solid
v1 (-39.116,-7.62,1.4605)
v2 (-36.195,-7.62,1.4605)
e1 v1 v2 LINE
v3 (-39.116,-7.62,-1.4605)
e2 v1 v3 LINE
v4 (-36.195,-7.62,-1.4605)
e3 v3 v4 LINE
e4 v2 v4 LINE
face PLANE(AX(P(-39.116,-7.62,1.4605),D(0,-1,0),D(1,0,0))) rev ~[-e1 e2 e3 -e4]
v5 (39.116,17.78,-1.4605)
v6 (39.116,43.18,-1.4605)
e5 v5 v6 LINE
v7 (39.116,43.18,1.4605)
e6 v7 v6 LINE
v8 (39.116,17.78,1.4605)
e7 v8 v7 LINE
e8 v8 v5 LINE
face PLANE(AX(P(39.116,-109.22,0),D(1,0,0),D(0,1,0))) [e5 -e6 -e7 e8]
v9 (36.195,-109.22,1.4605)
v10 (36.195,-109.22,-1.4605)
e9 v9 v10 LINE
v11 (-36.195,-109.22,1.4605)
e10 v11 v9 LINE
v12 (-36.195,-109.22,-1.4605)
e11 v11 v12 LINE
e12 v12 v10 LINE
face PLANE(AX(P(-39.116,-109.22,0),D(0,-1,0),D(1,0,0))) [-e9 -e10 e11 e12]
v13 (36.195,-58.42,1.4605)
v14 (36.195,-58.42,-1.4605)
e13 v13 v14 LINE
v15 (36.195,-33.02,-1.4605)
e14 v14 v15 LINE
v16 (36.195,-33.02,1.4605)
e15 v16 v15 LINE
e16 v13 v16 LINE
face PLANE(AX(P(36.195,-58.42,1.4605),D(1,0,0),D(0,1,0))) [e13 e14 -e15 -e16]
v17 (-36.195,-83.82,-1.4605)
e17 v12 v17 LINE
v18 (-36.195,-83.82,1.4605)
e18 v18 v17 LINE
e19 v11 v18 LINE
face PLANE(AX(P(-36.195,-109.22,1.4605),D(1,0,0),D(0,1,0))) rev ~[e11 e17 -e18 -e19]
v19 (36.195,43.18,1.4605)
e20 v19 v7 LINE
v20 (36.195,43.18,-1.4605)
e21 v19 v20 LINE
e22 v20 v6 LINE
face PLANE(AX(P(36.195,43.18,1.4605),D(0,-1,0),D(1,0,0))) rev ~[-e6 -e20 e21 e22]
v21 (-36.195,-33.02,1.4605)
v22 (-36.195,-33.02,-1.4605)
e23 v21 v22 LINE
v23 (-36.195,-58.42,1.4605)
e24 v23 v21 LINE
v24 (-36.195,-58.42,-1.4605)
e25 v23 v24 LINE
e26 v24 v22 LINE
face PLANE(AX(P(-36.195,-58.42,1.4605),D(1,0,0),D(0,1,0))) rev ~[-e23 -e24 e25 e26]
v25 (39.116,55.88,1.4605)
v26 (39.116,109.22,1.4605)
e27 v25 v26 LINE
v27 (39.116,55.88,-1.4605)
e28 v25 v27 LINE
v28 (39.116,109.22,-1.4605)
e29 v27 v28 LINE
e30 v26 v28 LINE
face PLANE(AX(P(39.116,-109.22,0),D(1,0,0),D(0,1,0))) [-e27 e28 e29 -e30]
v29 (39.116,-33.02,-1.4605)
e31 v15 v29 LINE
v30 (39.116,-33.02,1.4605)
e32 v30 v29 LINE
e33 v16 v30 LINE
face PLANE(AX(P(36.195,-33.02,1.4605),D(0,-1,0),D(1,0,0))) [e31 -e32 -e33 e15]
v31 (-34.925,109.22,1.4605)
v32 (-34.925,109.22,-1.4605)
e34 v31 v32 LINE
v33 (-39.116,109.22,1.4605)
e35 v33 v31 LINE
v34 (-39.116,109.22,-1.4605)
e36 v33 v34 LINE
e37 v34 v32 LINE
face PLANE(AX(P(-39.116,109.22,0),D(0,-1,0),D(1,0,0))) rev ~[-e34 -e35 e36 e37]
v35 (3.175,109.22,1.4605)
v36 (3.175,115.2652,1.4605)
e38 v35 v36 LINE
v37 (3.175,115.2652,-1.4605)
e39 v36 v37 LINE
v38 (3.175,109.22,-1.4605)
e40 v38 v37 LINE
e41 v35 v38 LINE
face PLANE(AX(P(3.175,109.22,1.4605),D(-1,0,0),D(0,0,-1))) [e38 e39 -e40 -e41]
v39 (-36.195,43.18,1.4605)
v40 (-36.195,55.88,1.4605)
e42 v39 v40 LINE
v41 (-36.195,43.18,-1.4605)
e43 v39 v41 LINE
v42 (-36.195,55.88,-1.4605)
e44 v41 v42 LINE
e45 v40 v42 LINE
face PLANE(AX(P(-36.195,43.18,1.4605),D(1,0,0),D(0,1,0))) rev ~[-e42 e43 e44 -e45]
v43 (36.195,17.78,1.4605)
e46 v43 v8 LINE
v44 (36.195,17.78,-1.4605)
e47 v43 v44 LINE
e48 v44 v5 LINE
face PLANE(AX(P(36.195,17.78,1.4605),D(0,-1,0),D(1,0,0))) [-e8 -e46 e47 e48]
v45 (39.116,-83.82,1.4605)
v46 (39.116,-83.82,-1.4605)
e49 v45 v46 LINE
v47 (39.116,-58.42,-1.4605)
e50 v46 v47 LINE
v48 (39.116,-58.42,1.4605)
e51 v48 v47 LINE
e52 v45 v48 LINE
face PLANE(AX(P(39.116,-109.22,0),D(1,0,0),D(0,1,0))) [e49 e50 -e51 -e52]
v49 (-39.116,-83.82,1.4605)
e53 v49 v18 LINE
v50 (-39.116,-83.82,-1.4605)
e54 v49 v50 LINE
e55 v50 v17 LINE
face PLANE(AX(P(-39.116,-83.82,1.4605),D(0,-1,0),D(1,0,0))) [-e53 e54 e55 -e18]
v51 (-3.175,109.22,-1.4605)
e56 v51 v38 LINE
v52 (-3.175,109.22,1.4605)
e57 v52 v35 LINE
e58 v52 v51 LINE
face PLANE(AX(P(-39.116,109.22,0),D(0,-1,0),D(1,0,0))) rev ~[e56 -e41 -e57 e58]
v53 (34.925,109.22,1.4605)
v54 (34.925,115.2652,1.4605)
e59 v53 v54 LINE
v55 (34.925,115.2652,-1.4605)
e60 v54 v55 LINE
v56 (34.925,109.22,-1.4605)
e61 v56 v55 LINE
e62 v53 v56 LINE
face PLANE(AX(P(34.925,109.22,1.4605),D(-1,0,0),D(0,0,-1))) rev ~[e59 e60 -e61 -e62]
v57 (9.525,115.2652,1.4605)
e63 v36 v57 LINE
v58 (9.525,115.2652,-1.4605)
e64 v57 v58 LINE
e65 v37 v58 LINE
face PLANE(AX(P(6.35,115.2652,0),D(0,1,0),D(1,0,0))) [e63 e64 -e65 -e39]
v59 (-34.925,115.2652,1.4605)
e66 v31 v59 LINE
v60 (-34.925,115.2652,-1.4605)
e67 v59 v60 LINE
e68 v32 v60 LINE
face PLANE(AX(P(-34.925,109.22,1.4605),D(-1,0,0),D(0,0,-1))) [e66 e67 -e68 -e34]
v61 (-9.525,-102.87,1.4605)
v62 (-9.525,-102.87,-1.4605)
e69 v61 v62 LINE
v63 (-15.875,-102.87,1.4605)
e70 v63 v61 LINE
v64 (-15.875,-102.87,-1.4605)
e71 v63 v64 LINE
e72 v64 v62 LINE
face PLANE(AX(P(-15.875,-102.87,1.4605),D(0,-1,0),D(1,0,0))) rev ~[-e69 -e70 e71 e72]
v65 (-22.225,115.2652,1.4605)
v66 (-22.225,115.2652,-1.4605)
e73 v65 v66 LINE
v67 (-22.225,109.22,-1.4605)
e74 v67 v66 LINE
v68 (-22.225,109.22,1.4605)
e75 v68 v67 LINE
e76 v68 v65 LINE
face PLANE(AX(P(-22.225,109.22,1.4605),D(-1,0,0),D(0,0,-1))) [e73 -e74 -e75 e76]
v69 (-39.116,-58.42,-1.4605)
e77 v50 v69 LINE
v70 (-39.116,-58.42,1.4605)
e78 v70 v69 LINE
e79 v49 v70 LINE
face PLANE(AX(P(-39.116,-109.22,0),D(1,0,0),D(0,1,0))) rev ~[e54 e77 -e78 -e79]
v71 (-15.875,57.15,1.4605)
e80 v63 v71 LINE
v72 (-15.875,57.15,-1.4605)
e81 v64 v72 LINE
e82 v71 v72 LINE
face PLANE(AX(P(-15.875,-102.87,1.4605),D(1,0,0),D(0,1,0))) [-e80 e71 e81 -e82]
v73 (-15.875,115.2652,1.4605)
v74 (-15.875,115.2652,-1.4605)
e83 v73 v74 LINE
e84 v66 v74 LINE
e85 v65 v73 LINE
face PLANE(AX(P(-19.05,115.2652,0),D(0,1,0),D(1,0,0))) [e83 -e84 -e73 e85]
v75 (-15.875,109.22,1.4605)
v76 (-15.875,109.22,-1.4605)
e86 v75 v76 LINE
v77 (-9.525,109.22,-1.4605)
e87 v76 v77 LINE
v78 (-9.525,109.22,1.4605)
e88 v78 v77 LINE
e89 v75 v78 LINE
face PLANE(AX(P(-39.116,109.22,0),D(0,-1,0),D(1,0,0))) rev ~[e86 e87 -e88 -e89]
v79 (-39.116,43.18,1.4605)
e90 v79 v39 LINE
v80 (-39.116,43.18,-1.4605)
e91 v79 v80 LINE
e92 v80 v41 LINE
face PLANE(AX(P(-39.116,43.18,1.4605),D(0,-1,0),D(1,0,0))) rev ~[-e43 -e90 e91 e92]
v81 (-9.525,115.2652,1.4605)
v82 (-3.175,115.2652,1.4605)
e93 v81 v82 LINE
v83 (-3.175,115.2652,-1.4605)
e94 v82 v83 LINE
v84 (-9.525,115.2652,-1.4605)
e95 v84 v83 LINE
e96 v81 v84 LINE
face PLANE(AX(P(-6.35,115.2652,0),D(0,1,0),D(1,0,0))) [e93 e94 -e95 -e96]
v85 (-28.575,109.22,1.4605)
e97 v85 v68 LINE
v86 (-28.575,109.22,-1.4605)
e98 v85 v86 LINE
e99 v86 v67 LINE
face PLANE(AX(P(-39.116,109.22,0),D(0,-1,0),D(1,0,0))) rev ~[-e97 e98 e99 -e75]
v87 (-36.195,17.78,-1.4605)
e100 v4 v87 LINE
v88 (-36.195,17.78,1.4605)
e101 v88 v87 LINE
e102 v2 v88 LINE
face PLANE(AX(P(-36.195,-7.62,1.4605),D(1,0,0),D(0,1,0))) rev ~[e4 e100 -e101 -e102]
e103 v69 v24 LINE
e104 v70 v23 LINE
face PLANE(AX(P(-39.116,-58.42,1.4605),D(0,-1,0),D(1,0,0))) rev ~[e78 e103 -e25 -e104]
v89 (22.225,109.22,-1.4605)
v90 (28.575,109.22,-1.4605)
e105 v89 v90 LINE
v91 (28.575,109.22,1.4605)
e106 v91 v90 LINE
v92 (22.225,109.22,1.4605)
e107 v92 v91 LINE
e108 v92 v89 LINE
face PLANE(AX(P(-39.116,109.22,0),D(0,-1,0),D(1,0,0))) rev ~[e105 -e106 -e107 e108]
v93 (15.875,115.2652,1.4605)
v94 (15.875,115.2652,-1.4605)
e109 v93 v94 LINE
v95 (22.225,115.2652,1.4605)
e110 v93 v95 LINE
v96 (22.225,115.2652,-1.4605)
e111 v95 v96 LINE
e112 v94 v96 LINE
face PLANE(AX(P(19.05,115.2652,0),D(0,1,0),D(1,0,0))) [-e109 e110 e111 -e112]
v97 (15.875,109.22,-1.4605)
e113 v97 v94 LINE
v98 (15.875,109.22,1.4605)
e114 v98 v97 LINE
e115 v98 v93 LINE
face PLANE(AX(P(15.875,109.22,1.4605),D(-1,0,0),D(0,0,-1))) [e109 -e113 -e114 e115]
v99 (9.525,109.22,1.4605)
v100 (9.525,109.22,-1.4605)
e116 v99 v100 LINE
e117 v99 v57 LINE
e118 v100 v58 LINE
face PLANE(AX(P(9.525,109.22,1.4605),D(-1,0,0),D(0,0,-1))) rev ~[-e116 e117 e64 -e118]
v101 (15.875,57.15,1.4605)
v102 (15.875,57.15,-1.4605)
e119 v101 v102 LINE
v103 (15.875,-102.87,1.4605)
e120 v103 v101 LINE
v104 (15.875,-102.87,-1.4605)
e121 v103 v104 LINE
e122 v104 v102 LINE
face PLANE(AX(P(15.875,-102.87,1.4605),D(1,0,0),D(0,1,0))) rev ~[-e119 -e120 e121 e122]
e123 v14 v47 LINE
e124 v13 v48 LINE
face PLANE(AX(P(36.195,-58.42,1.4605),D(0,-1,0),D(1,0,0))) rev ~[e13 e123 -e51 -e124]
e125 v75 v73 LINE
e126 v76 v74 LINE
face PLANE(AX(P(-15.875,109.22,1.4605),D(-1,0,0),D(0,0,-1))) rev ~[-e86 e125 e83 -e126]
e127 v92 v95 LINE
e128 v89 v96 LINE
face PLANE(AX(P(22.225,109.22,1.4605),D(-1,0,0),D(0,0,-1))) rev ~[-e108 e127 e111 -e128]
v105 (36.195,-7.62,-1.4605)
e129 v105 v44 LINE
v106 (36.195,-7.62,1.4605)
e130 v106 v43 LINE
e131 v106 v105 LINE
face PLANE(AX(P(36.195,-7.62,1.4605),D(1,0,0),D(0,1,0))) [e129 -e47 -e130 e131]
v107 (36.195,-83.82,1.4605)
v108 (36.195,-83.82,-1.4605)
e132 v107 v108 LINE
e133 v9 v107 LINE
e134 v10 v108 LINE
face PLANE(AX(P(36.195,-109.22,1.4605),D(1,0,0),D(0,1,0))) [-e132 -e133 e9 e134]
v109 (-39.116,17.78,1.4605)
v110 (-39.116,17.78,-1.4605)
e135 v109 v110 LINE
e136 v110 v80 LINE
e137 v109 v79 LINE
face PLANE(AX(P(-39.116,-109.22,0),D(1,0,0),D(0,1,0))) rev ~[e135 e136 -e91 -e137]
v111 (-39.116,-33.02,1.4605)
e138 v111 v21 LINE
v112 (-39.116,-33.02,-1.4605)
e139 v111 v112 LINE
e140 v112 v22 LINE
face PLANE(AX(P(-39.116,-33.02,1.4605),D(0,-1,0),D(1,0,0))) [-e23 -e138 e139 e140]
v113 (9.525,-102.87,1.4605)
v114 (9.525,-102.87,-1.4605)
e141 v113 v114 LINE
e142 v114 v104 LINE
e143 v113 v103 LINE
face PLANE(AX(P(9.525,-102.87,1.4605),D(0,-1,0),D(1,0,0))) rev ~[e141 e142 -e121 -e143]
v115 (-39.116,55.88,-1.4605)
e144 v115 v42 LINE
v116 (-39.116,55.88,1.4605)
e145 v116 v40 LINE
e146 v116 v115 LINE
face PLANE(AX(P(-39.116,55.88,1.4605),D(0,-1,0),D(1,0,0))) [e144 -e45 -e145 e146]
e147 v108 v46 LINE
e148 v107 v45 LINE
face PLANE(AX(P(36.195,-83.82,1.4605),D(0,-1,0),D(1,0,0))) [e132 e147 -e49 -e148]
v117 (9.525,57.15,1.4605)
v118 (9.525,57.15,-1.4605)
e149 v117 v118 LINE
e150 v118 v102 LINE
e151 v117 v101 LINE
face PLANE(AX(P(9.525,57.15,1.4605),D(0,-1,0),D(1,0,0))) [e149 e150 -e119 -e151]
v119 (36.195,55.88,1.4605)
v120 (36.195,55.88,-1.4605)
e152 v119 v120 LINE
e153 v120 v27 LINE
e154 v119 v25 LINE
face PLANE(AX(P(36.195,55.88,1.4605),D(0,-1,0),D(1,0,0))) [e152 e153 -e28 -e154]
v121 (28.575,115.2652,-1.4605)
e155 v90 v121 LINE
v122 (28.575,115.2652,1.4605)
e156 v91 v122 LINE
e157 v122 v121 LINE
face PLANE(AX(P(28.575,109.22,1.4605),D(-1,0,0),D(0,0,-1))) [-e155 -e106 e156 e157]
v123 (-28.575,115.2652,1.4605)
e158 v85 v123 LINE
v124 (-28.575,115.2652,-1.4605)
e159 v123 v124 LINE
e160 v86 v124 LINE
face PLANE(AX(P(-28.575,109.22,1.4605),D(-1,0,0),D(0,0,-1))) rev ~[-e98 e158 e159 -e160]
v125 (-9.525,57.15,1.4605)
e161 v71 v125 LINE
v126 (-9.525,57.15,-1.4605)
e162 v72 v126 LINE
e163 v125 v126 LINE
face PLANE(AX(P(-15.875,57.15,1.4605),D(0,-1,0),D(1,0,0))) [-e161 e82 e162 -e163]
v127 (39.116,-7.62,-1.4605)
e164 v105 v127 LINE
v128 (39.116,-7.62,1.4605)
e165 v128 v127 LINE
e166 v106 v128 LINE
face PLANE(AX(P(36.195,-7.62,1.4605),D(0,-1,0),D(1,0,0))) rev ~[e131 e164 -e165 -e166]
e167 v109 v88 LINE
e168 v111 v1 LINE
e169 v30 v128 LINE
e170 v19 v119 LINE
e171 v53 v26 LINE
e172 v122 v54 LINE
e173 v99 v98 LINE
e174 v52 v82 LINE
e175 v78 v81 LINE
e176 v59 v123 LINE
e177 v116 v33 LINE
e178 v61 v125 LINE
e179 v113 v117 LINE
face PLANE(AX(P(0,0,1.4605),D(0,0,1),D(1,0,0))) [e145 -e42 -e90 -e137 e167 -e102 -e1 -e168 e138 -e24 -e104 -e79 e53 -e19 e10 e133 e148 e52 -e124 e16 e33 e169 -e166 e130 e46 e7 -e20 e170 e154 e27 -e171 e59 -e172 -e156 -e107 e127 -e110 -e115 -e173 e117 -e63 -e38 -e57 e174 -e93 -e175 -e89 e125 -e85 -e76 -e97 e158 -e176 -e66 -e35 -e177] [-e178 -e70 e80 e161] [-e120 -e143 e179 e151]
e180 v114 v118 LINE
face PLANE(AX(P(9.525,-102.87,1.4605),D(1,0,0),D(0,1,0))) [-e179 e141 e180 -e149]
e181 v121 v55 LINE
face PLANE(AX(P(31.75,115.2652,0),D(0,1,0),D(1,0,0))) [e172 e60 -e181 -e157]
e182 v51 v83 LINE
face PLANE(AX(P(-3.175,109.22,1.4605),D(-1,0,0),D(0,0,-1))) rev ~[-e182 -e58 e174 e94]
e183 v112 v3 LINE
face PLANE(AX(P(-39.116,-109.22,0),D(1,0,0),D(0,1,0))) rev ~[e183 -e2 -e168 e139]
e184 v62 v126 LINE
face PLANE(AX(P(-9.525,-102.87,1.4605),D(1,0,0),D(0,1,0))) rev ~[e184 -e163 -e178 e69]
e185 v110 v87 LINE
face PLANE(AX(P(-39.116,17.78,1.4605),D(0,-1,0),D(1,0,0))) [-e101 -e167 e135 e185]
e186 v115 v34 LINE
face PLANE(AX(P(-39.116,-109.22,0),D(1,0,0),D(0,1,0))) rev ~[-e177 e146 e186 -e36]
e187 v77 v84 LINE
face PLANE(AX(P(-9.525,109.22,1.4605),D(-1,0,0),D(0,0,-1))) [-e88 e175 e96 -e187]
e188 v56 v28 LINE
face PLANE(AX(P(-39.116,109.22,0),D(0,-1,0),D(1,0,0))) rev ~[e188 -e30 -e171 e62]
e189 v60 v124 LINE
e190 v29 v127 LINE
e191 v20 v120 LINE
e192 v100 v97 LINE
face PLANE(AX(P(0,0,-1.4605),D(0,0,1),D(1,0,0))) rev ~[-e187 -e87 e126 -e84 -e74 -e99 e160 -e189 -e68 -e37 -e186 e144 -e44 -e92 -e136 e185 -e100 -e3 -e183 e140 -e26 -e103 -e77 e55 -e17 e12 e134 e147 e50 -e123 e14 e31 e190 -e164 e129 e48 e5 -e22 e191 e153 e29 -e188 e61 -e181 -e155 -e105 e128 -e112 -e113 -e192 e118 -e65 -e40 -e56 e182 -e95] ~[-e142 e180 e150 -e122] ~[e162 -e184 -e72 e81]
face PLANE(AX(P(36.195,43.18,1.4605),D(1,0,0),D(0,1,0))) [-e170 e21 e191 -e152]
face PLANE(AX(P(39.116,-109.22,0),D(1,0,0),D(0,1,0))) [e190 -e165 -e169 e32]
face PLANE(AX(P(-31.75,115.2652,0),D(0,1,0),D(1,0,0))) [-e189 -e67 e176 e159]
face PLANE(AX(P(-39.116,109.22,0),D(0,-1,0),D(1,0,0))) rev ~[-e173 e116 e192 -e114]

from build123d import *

# Parameters (mm, degrees)
SKETCH1_W           = 78.232
SKETCH1_H           = 218.44
BOSS_EXTRUDE1_DEPTH = 1.4605
SKETCH2_W           = 2.921
SKETCH2_H           = 25.4
SKETCH2_H_2         = 12.7
CUT_EXTRUDE1_DEPTH  = 2.921
SKETCH3_W           = 6.35
SKETCH3_H           = 2.921
BOSS_EXTRUDE2_DEPTH = 6.0452
SKETCH5_W           = 6.35
SKETCH5_H           = 160.02
CUT_EXTRUDE2_DEPTH  = 122.756560513


with BuildPart() as part:
    # Sketch1 → Boss-Extrude1 (new, symmetric)
    with BuildSketch(Plane.XY):
        Rectangle(SKETCH1_W, SKETCH1_H)
    extrude(amount=BOSS_EXTRUDE1_DEPTH, both=True)

    # Sketch2 → Cut-Extrude1 (cut)
    with BuildSketch(Plane.XY.offset(1.4605)):
        with Locations((-37.6555, -96.52)):
            Rectangle(SKETCH2_W, SKETCH2_H)
        with Locations((-37.6555, -45.72)):
            Rectangle(SKETCH2_W, SKETCH2_H)
        with Locations((-37.6555, 5.08)):
            Rectangle(SKETCH2_W, SKETCH2_H)
        with Locations((-37.6555, 49.53)):
            Rectangle(SKETCH2_W, SKETCH2_H_2)
        with Locations((37.6555, 49.53)):
            Rectangle(SKETCH2_W, SKETCH2_H_2)
        with Locations((37.6555, 5.08)):
            Rectangle(SKETCH2_W, SKETCH2_H)
        with Locations((37.6555, -96.52)):
            Rectangle(SKETCH2_W, SKETCH2_H)
        with Locations((37.6555, -45.72)):
            Rectangle(SKETCH2_W, SKETCH2_H)
    extrude(amount=-CUT_EXTRUDE1_DEPTH, mode=Mode.SUBTRACT)

    # Sketch3 → Boss-Extrude2 (add)
    with BuildSketch(Plane(origin=(0, 109.22, 0), x_dir=(1, 0, 0), z_dir=(0, 1, 0))):
        with Locations((31.75, 0)):
            Rectangle(SKETCH3_W, SKETCH3_H)
        with Locations((19.05, 0)):
            Rectangle(SKETCH3_W, SKETCH3_H)
        with Locations((6.35, 0)):
            Rectangle(SKETCH3_W, SKETCH3_H)
        with Locations((-6.35, 0)):
            Rectangle(SKETCH3_W, SKETCH3_H)
        with Locations((-19.05, 0)):
            Rectangle(SKETCH3_W, SKETCH3_H)
        with Locations((-31.75, 0)):
            Rectangle(SKETCH3_W, SKETCH3_H)
    extrude(amount=BOSS_EXTRUDE2_DEPTH)

    # Sketch5 → Cut-Extrude2 (cut, through all)
    with BuildSketch(Plane.XY.offset(1.4605)):
        with Locations((-12.7, -22.86)):
            Rectangle(SKETCH5_W, SKETCH5_H)
        with Locations((12.7, -22.86)):
            Rectangle(SKETCH5_W, SKETCH5_H)
    extrude(amount=-CUT_EXTRUDE2_DEPTH, mode=Mode.SUBTRACT)


solid = part.part
